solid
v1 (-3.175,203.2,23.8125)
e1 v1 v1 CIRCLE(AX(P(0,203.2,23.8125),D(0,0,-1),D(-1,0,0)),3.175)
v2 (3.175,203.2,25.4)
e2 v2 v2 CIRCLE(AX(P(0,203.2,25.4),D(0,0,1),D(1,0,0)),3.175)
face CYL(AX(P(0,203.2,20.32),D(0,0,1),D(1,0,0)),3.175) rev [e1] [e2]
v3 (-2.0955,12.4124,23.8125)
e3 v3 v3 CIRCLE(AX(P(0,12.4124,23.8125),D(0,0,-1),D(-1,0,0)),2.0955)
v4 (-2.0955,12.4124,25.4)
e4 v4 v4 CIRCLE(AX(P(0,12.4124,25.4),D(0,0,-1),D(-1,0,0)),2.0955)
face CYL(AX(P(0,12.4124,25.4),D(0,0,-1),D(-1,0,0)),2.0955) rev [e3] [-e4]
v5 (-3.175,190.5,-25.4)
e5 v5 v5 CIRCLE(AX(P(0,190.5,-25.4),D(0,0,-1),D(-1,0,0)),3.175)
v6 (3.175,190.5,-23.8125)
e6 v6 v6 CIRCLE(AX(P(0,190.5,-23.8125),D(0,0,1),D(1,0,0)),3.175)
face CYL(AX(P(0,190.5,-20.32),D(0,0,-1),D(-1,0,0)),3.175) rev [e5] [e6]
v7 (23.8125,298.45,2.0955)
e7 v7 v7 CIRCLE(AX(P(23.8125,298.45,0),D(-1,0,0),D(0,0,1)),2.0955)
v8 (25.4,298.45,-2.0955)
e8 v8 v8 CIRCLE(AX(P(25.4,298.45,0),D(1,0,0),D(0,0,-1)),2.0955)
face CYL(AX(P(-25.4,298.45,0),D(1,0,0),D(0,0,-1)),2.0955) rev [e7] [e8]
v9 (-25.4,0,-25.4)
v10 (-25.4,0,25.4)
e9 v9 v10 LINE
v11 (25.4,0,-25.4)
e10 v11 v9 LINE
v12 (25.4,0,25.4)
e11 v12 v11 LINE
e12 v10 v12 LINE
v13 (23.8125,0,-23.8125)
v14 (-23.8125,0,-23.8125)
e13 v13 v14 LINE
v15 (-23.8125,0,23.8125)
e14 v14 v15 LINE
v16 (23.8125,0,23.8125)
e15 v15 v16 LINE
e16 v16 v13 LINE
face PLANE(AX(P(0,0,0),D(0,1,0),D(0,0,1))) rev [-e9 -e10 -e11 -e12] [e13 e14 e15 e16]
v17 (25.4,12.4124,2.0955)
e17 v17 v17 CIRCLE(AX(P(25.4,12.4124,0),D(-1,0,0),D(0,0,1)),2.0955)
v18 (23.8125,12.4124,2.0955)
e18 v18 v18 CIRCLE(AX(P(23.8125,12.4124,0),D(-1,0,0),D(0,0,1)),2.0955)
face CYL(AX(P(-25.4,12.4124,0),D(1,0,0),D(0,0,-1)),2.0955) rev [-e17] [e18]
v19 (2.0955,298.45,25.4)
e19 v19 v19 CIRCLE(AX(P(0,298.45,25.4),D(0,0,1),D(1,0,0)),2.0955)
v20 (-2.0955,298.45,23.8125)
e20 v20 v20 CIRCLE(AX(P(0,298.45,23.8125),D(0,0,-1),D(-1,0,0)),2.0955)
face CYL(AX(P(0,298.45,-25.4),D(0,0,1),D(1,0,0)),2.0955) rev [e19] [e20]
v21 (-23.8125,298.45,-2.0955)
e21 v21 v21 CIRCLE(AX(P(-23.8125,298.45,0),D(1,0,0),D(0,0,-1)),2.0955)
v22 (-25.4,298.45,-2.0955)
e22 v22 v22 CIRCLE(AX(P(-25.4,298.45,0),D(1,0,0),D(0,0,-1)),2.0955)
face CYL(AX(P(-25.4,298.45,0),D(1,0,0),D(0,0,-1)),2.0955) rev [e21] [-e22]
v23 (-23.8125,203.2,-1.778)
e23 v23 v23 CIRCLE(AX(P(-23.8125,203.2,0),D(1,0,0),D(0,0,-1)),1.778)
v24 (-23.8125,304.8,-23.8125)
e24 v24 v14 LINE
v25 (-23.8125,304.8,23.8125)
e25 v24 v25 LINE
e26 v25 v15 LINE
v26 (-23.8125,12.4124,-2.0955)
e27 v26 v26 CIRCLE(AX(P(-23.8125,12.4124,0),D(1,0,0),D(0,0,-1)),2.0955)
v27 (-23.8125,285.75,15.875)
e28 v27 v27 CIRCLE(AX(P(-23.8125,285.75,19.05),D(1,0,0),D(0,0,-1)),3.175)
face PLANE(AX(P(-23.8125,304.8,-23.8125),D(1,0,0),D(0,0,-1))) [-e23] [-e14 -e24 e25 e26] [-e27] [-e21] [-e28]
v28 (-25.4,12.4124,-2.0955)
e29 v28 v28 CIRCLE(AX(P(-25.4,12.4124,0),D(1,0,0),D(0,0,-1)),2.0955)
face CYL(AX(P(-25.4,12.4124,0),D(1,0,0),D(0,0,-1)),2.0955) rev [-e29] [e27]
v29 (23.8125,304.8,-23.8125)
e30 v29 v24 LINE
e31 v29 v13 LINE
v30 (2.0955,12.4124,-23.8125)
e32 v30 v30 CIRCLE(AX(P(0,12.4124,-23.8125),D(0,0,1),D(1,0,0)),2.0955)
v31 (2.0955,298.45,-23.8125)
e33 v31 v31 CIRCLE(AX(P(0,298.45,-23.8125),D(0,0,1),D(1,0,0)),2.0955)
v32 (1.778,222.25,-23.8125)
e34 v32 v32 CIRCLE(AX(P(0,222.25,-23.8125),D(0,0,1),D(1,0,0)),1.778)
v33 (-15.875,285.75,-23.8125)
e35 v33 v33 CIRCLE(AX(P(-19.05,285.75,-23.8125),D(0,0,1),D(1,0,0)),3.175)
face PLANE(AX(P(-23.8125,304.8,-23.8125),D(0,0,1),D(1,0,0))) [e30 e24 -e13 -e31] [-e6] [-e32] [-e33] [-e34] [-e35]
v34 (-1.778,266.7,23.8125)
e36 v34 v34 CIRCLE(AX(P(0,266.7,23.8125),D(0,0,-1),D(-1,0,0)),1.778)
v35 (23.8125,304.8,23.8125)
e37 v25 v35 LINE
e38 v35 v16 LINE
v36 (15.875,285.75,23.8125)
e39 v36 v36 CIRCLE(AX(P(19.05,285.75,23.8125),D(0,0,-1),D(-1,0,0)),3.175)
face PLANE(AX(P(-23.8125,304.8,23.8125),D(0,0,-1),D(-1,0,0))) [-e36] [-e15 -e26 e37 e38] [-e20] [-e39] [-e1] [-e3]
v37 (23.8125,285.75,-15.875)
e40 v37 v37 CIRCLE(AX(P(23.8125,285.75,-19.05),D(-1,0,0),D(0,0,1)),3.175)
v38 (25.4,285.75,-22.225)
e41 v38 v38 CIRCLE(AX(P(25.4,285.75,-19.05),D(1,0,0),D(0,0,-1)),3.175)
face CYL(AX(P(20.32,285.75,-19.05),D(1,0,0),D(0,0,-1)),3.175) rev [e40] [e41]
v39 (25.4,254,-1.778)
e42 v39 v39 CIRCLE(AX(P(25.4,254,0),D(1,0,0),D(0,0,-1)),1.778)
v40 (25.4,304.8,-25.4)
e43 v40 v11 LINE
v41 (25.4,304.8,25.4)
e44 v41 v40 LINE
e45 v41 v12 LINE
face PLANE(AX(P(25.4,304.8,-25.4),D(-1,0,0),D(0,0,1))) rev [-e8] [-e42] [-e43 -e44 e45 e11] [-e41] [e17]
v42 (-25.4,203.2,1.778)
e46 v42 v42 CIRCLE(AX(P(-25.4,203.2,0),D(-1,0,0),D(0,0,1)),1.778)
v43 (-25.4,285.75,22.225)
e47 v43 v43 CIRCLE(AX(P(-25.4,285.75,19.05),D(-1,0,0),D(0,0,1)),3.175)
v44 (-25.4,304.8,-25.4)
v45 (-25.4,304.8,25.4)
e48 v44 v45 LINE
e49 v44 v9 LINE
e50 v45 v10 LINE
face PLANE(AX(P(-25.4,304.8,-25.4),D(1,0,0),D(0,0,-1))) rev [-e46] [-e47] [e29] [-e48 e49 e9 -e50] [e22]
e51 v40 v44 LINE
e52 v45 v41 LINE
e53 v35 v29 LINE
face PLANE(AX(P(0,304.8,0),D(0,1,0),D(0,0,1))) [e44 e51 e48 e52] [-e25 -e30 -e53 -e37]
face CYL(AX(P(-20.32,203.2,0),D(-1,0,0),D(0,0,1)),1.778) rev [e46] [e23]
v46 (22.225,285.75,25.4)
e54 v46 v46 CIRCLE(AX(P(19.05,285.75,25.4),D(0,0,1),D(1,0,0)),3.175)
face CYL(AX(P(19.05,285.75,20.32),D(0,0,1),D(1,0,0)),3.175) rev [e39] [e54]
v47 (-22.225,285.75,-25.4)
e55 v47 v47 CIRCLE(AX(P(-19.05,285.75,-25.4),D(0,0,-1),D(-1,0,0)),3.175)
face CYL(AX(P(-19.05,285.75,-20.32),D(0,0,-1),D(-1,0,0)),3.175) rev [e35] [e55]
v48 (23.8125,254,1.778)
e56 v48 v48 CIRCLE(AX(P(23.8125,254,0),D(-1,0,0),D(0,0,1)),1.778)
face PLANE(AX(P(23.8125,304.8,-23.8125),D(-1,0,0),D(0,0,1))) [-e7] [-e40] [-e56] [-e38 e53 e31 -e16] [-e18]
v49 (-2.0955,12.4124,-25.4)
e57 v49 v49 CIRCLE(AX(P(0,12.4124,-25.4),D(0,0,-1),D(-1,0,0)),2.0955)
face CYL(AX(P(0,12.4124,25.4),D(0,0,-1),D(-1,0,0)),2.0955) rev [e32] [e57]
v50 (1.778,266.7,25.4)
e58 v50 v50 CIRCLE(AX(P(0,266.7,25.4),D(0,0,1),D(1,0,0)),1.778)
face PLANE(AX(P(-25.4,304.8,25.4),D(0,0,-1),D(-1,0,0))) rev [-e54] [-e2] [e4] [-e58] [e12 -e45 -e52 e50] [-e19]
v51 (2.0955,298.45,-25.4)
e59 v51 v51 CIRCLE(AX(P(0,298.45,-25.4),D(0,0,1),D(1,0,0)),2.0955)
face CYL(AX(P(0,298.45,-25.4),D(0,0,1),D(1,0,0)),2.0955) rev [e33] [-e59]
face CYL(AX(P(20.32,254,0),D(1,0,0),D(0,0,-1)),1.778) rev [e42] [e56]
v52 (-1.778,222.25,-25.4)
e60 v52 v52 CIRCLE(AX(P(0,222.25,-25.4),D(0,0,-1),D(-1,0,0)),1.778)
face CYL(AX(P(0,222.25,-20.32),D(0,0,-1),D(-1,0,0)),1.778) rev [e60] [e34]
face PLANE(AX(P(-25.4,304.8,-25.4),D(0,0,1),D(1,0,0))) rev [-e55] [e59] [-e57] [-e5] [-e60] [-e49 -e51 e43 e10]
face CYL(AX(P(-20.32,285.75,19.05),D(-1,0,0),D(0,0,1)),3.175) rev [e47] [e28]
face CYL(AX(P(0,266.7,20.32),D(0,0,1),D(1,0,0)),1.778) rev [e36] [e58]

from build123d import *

# Parameters (mm, degrees)
SKETCH1_W               = 50.8
SKETCH1_H               = 50.8
SKETCH1_W_2             = 47.625
SKETCH1_H_2             = 47.625
BOSS_EXTRUDE1_DEPTH     = 304.8
SKETCH6_R               = 2.0955
CUT_EXTRUDE3_DEPTH      = 1
CUT_EXTRUDE3_DEPTH_BACK = 51.8
SKETCH7_R               = 2.0955
CUT_EXTRUDE4_DEPTH      = 1
CUT_EXTRUDE4_DEPTH_BACK = 51.8
SKETCH8_R               = 2.0955
CUT_EXTRUDE5_DEPTH      = 51.8
SKETCH9_R               = 2.0955
CUT_EXTRUDE6_DEPTH      = 51.8
SKETCH10_R              = 3.175
CUT_EXTRUDE7_DEPTH      = 5.08
SKETCH11_R              = 3.175
CUT_EXTRUDE8_DEPTH      = 5.08
SKETCH12_R              = 3.175
CUT_EXTRUDE9_DEPTH      = 5.08
SKETCH13_R              = 3.175
CUT_EXTRUDE10_DEPTH     = 5.08
SKETCH15_R              = 1.778
SKETCH15_R_2            = 3.175
CUT_EXTRUDE12_DEPTH     = 5.08
SKETCH16_R              = 1.778
CUT_EXTRUDE13_DEPTH     = 5.08
SKETCH17_R              = 1.778
CUT_EXTRUDE14_DEPTH     = 5.08
SKETCH19_R              = 1.778
SKETCH19_R_2            = 3.175
CUT_EXTRUDE15_DEPTH     = 5.08


with BuildPart() as part:
    # Sketch1 → Boss-Extrude1 (new body)
    with BuildSketch(Plane(origin=(0, 0, 0), x_dir=(1, 0, 0), z_dir=(0, 1, 0))):
        Rectangle(SKETCH1_W, SKETCH1_H)
        Rectangle(SKETCH1_W_2, SKETCH1_H_2, mode=Mode.SUBTRACT)
    extrude(amount=BOSS_EXTRUDE1_DEPTH)

    # Sketch6 → Cut-Extrude3 (cut, two sides)
    with BuildSketch(Plane(origin=(25.4, 0, 0), x_dir=(0, 0, -1), z_dir=(1, 0, 0))) as cut_extrude3_sk:
        with Locations((0, 12.412400118)):
            Circle(SKETCH6_R)
    extrude(amount=CUT_EXTRUDE3_DEPTH, mode=Mode.SUBTRACT)
    extrude(cut_extrude3_sk.sketch, amount=-CUT_EXTRUDE3_DEPTH_BACK, mode=Mode.SUBTRACT)

    # Sketch7 → Cut-Extrude4 (cut, two sides)
    with BuildSketch(Plane(origin=(0, 0, -25.4), x_dir=(-1, 0, 0), z_dir=(0, 0, -1))) as cut_extrude4_sk:
        with Locations((0, 12.412400118)):
            Circle(SKETCH7_R)
    extrude(amount=CUT_EXTRUDE4_DEPTH, mode=Mode.SUBTRACT)
    extrude(cut_extrude4_sk.sketch, amount=-CUT_EXTRUDE4_DEPTH_BACK, mode=Mode.SUBTRACT)

    # Sketch8 → Cut-Extrude5 (cut, through all)
    with BuildSketch(Plane(origin=(25.4, 0, 0), x_dir=(0, 0, -1), z_dir=(1, 0, 0))):
        with Locations((0, 298.45)):
            Circle(SKETCH8_R)
    extrude(amount=-CUT_EXTRUDE5_DEPTH, mode=Mode.SUBTRACT)

    # Sketch9 → Cut-Extrude6 (cut, through all)
    with BuildSketch(Plane.XY.offset(25.4)):
        with Locations((0, 298.45)):
            Circle(SKETCH9_R)
    extrude(amount=-CUT_EXTRUDE6_DEPTH, mode=Mode.SUBTRACT)

    # Sketch10 → Cut-Extrude7 (cut)
    with BuildSketch(Plane.XY.offset(25.4)):
        with Locations((19.05, 285.75)):
            Circle(SKETCH10_R)
    extrude(amount=-CUT_EXTRUDE7_DEPTH, mode=Mode.SUBTRACT)

    # Sketch11 → Cut-Extrude8 (cut)
    with BuildSketch(Plane.ZY.offset(25.4)):
        with Locations((19.05, 285.75)):
            Circle(SKETCH11_R)
    extrude(amount=-CUT_EXTRUDE8_DEPTH, mode=Mode.SUBTRACT)

    # Sketch12 → Cut-Extrude9 (cut)
    with BuildSketch(Plane(origin=(0, 0, -25.4), x_dir=(-1, 0, 0), z_dir=(0, 0, -1))):
        with Locations((19.05, 285.75)):
            Circle(SKETCH12_R)
    extrude(amount=-CUT_EXTRUDE9_DEPTH, mode=Mode.SUBTRACT)

    # Sketch13 → Cut-Extrude10 (cut)
    with BuildSketch(Plane(origin=(25.4, 0, 0), x_dir=(0, 0, -1), z_dir=(1, 0, 0))):
        with Locations((19.05, 285.75)):
            Circle(SKETCH13_R)
    extrude(amount=-CUT_EXTRUDE10_DEPTH, mode=Mode.SUBTRACT)

    # Sketch15 → Cut-Extrude12 (cut)
    with BuildSketch(Plane(origin=(0, 0, -25.4), x_dir=(-1, 0, 0), z_dir=(0, 0, -1))):
        with Locations((0, 222.25)):
            Circle(SKETCH15_R)
        with Locations((0, 190.5)):
            Circle(SKETCH15_R_2)
    extrude(amount=-CUT_EXTRUDE12_DEPTH, mode=Mode.SUBTRACT)

    # Sketch16 → Cut-Extrude13 (cut)
    with BuildSketch(Plane(origin=(25.4, 0, 0), x_dir=(0, 0, -1), z_dir=(1, 0, 0))):
        with Locations((0, 254)):
            Circle(SKETCH16_R)
    extrude(amount=-CUT_EXTRUDE13_DEPTH, mode=Mode.SUBTRACT)

    # Sketch17 → Cut-Extrude14 (cut)
    with BuildSketch(Plane.ZY.offset(25.4)):
        with Locations((0, 203.2)):
            Circle(SKETCH17_R)
    extrude(amount=-CUT_EXTRUDE14_DEPTH, mode=Mode.SUBTRACT)

    # Sketch19 → Cut-Extrude15 (cut)
    with BuildSketch(Plane.XY.offset(25.4)):
        with Locations((0, 266.7)):
            Circle(SKETCH19_R)
        with Locations((0, 203.2)):
            Circle(SKETCH19_R_2)
    extrude(amount=-CUT_EXTRUDE15_DEPTH, mode=Mode.SUBTRACT)


solid = part.part
